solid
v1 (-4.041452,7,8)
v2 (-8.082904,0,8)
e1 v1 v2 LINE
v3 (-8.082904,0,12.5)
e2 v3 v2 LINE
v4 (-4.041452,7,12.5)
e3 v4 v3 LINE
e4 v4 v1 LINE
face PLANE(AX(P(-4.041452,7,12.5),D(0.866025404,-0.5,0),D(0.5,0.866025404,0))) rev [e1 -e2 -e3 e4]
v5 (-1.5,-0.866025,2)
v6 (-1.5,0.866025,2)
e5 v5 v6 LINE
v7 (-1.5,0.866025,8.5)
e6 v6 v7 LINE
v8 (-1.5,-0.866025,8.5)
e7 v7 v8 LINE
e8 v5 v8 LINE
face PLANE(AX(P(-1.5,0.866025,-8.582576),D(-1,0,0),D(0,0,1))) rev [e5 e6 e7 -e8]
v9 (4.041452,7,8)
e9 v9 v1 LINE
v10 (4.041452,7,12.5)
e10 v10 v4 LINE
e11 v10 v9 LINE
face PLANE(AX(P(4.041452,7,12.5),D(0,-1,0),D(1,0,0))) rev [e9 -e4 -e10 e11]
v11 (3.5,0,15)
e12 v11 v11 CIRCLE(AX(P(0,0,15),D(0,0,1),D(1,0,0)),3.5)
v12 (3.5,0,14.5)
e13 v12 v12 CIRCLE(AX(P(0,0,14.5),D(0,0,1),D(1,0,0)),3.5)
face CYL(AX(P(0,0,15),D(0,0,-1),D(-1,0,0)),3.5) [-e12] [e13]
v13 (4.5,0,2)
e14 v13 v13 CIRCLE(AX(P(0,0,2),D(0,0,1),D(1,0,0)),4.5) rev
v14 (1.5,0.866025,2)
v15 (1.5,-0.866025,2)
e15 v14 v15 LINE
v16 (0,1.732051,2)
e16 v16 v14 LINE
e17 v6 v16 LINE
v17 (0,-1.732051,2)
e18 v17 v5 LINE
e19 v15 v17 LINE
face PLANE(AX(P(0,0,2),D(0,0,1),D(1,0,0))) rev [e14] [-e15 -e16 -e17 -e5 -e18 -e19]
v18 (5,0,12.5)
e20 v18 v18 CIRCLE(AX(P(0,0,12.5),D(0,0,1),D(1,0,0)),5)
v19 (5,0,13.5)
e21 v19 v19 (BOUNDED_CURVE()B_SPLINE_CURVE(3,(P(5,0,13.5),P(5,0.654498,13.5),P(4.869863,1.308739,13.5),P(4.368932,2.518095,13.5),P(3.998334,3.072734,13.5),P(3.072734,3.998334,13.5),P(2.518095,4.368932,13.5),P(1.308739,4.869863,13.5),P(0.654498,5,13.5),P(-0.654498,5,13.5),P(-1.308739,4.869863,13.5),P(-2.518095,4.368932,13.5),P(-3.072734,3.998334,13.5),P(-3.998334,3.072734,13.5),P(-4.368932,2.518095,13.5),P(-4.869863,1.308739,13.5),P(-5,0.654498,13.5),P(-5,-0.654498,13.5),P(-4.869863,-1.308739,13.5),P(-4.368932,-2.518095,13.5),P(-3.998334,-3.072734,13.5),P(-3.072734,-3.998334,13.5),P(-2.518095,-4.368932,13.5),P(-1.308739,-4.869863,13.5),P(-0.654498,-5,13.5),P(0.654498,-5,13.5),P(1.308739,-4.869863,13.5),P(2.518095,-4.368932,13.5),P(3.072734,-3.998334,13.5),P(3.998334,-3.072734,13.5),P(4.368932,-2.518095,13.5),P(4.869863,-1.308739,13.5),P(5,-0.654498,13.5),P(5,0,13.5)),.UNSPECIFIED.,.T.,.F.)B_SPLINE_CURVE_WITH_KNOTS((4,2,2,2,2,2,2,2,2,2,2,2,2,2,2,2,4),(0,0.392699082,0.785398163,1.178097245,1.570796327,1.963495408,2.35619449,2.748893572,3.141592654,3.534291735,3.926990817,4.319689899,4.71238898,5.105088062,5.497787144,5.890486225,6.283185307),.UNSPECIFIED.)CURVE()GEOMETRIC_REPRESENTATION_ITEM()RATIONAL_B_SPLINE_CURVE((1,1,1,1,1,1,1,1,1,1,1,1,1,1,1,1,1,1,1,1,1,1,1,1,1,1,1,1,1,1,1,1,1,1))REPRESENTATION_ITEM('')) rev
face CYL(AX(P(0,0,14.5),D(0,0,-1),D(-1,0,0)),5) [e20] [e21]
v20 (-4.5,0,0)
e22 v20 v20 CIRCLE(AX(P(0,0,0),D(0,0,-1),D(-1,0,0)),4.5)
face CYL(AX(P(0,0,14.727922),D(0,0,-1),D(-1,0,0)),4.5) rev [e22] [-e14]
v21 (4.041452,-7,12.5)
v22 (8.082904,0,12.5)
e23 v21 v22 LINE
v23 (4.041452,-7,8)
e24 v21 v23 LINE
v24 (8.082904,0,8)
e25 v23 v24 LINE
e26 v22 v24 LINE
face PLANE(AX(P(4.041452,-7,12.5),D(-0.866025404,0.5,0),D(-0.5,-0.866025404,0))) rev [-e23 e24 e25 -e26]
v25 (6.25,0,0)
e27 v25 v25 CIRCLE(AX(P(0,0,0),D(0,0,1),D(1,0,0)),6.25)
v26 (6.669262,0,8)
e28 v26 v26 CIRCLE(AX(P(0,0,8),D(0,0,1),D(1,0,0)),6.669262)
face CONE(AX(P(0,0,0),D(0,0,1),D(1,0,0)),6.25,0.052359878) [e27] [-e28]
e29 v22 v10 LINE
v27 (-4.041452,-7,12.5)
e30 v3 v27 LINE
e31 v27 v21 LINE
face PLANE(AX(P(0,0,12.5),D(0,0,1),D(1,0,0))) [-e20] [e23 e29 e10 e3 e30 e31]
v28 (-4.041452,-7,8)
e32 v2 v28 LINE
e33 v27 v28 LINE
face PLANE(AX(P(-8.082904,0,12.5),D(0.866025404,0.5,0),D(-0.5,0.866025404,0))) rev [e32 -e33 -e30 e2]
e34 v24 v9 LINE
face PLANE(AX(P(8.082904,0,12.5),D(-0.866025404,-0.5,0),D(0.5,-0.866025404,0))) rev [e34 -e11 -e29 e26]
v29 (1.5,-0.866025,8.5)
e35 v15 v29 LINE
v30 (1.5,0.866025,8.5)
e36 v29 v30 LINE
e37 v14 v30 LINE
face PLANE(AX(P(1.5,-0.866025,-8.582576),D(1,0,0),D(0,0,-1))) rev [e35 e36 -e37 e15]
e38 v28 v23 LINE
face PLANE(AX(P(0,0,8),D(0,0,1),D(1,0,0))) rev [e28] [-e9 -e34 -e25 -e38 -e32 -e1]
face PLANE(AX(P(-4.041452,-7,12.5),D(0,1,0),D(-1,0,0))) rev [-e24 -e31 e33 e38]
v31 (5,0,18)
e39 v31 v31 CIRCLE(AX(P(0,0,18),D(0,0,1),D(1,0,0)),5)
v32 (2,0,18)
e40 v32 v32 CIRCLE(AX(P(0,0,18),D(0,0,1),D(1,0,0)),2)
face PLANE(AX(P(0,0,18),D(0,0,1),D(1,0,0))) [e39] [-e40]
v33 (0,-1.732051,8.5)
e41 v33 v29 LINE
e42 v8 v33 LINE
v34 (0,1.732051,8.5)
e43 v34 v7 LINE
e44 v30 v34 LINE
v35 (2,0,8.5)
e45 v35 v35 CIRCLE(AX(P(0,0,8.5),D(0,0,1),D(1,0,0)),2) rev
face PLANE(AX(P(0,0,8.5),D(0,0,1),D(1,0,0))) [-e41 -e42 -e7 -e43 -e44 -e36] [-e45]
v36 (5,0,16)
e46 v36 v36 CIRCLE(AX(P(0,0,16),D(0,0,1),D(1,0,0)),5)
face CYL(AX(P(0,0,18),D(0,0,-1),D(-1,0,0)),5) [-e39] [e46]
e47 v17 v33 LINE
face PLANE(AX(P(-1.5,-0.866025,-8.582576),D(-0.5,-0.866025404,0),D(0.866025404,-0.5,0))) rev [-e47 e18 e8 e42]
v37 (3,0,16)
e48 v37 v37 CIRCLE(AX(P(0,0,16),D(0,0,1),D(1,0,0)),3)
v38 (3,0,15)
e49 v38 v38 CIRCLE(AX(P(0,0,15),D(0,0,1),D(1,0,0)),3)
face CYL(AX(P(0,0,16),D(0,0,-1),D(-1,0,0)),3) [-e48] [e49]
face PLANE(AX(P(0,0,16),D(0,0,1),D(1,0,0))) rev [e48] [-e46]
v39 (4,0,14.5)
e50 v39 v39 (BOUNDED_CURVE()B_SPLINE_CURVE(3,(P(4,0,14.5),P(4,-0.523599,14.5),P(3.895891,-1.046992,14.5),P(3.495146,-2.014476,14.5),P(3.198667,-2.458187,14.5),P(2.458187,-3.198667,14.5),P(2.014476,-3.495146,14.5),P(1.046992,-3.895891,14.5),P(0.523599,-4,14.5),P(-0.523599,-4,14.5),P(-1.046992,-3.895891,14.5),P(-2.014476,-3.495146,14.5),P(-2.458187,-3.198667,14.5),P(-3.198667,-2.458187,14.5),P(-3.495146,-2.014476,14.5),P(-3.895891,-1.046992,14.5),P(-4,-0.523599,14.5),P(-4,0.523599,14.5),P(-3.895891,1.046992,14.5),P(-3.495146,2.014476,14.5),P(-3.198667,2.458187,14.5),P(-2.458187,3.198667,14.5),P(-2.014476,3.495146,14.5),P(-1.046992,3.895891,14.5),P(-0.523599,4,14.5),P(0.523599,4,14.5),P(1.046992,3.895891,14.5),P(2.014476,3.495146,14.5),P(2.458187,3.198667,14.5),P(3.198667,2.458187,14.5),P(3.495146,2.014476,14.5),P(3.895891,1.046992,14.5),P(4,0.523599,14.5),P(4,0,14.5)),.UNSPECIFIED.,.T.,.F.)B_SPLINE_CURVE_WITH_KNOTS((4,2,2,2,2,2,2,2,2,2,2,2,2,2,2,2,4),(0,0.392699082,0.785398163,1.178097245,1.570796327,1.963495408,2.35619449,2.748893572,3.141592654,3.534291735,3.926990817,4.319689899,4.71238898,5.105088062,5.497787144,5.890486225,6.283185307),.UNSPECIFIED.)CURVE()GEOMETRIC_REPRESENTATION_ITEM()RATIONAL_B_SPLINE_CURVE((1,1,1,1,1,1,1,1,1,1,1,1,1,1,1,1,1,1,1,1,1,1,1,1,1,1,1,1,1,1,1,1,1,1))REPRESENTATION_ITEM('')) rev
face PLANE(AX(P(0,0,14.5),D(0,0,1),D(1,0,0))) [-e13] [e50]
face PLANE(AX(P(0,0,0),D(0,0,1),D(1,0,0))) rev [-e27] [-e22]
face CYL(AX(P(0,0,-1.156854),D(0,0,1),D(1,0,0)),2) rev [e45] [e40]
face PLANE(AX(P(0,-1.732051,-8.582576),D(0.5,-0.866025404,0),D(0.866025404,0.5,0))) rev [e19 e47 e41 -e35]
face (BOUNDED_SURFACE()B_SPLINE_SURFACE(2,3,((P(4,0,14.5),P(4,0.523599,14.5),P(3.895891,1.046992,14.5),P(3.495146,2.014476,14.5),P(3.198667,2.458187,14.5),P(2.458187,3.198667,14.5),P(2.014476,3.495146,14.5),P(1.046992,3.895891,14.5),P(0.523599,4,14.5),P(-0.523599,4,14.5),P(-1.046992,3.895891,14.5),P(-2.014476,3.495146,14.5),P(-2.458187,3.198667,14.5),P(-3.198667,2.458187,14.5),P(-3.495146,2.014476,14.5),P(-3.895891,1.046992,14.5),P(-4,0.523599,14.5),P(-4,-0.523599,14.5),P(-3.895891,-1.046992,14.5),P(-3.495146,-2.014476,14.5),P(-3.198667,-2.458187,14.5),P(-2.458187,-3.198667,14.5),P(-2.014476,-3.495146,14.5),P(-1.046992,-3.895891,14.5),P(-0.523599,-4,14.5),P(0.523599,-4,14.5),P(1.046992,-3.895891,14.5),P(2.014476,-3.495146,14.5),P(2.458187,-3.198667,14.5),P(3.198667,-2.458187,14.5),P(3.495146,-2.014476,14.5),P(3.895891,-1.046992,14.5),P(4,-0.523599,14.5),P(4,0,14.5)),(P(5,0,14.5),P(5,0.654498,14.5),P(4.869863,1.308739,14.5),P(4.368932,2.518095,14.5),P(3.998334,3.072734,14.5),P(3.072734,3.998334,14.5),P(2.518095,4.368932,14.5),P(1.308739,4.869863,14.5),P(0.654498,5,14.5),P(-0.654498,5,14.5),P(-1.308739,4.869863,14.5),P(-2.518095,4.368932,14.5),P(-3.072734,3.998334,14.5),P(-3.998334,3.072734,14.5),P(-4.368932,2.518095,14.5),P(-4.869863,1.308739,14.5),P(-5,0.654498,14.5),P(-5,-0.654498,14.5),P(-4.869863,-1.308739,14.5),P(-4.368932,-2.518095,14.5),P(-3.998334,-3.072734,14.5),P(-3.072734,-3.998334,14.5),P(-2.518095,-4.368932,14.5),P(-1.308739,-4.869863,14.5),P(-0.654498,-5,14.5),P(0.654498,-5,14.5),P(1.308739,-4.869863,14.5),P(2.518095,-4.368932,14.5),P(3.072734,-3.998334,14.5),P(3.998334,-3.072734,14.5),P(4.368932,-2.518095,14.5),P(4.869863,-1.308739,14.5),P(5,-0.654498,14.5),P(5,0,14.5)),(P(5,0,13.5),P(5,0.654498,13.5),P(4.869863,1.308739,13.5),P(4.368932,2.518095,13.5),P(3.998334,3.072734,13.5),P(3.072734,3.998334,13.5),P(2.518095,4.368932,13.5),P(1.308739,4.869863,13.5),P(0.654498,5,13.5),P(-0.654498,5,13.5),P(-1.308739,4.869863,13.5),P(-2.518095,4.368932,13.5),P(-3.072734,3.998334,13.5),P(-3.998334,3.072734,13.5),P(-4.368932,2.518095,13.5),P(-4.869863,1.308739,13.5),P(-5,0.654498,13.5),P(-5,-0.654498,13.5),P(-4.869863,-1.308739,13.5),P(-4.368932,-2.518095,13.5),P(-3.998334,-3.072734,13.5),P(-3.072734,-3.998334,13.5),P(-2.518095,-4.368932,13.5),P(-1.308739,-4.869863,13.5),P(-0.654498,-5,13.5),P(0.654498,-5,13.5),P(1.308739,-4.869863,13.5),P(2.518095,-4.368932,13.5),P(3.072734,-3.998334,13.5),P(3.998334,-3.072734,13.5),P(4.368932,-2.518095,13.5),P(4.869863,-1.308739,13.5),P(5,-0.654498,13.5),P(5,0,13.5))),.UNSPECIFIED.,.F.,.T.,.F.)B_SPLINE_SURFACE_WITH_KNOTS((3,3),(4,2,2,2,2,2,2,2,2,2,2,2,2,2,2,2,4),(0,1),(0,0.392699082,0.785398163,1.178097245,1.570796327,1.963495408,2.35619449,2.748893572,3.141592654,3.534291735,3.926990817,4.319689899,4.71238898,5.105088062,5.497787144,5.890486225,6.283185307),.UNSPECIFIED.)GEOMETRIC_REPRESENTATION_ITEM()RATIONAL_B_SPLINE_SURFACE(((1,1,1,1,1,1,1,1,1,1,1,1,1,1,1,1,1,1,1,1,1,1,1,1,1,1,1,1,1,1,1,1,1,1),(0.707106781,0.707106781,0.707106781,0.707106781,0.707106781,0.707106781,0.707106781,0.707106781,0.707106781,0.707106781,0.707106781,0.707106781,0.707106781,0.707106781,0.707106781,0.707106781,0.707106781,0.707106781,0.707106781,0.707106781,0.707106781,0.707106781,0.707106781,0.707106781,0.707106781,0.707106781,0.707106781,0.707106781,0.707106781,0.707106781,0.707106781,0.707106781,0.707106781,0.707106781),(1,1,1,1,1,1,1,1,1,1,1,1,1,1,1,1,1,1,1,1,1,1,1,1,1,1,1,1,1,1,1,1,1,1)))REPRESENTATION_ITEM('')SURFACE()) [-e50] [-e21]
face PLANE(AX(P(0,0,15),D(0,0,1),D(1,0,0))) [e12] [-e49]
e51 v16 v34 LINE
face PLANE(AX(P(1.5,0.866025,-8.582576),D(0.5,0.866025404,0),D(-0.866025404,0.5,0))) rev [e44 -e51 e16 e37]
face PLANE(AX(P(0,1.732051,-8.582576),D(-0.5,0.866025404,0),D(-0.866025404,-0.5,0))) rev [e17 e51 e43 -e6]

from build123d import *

# Parameters (mm, degrees)
SKETCH1_R           = 6.25
BOSS_EXTRUDE1_DEPTH = 8
BOSS_EXTRUDE1_DRAFT = -3
BOSS_EXTRUDE2_DEPTH = 4.5
SKETCH3_R           = 5
BOSS_EXTRUDE3_DEPTH = 2
SKETCH9_R           = 3.5
BOSS_EXTRUDE6_DEPTH = 0.5
FILLET1_R           = 1
SKETCH4_R           = 3
BOSS_EXTRUDE4_DEPTH = 1
SKETCH5_R           = 5
BOSS_EXTRUDE5_DEPTH = 2
SKETCH6_R           = 2
CUT_EXTRUDE1_DEPTH  = 9.5
CUT_EXTRUDE2_DEPTH  = 6.5
SKETCH8_R           = 4.5
CUT_EXTRUDE3_DEPTH  = 2


with BuildPart() as part:
    # Sketch1 → Boss-Extrude1 (with draft: the straight prism first)
    with BuildSketch(Plane.XY):
        Circle(SKETCH1_R)
    extrude(amount=BOSS_EXTRUDE1_DEPTH)
    # Boss-Extrude1: the draft: its side faces are tilted about the plane it starts from
    boss_extrude1_sides = [part.faces().sort_by_distance(p)[0] for p in [
        (-6.25, 0, 4),
    ]]
    draft(boss_extrude1_sides, Plane.XY, BOSS_EXTRUDE1_DRAFT)

    # Sketch2 → Boss-Extrude2 (add)
    with BuildSketch(Plane.XY.offset(8)):
        Polygon((8.082903769, 0), (4.041451884, 7), (-4.041451884, 7), (-8.082903769, 0), (-4.041451884, -7), (4.041451884, -7), align=None)
    extrude(amount=BOSS_EXTRUDE2_DEPTH)

    # Sketch3 → Boss-Extrude3 (add)
    with BuildSketch(Plane.XY.offset(12.5)):
        Circle(SKETCH3_R)
    extrude(amount=BOSS_EXTRUDE3_DEPTH)

    # Sketch9 → Boss-Extrude6 (add)
    with BuildSketch(Plane.XY.offset(14.5)):
        Circle(SKETCH9_R)
    extrude(amount=BOSS_EXTRUDE6_DEPTH)

    # Fillet1
    fillet1_edges = [part.edges().sort_by_distance(p)[0] for p in [
        (-5, 0, 14.5),
    ]]
    fillet(fillet1_edges, radius=FILLET1_R)

    # Sketch4 → Boss-Extrude4 (add)
    with BuildSketch(Plane.XY.offset(15)):
        Circle(SKETCH4_R)
    extrude(amount=BOSS_EXTRUDE4_DEPTH)

    # Sketch5 → Boss-Extrude5 (add)
    with BuildSketch(Plane.XY.offset(16)):
        Circle(SKETCH5_R)
    extrude(amount=BOSS_EXTRUDE5_DEPTH)

    # Sketch6 → Cut-Extrude1 (cut)
    with BuildSketch(Plane.XY.offset(18)):
        Circle(SKETCH6_R)
    extrude(amount=-CUT_EXTRUDE1_DEPTH, mode=Mode.SUBTRACT)

    # Sketch7 → Cut-Extrude2 (cut)
    with BuildSketch(Plane.XY.offset(8.5)):
        Polygon((0, -1.732050808), (1.5, -0.866025404), (1.5, 0.866025404), (0, 1.732050808), (-1.5, 0.866025404), (-1.5, -0.866025404), align=None)
    extrude(amount=-CUT_EXTRUDE2_DEPTH, mode=Mode.SUBTRACT)

    # Sketch8 → Cut-Extrude3 (cut)
    with BuildSketch(Plane(origin=(0, 0, 0), x_dir=(-1, 0, 0), z_dir=(0, 0, -1))):
        Circle(SKETCH8_R)
    extrude(amount=-CUT_EXTRUDE3_DEPTH, mode=Mode.SUBTRACT)


solid = part.part
